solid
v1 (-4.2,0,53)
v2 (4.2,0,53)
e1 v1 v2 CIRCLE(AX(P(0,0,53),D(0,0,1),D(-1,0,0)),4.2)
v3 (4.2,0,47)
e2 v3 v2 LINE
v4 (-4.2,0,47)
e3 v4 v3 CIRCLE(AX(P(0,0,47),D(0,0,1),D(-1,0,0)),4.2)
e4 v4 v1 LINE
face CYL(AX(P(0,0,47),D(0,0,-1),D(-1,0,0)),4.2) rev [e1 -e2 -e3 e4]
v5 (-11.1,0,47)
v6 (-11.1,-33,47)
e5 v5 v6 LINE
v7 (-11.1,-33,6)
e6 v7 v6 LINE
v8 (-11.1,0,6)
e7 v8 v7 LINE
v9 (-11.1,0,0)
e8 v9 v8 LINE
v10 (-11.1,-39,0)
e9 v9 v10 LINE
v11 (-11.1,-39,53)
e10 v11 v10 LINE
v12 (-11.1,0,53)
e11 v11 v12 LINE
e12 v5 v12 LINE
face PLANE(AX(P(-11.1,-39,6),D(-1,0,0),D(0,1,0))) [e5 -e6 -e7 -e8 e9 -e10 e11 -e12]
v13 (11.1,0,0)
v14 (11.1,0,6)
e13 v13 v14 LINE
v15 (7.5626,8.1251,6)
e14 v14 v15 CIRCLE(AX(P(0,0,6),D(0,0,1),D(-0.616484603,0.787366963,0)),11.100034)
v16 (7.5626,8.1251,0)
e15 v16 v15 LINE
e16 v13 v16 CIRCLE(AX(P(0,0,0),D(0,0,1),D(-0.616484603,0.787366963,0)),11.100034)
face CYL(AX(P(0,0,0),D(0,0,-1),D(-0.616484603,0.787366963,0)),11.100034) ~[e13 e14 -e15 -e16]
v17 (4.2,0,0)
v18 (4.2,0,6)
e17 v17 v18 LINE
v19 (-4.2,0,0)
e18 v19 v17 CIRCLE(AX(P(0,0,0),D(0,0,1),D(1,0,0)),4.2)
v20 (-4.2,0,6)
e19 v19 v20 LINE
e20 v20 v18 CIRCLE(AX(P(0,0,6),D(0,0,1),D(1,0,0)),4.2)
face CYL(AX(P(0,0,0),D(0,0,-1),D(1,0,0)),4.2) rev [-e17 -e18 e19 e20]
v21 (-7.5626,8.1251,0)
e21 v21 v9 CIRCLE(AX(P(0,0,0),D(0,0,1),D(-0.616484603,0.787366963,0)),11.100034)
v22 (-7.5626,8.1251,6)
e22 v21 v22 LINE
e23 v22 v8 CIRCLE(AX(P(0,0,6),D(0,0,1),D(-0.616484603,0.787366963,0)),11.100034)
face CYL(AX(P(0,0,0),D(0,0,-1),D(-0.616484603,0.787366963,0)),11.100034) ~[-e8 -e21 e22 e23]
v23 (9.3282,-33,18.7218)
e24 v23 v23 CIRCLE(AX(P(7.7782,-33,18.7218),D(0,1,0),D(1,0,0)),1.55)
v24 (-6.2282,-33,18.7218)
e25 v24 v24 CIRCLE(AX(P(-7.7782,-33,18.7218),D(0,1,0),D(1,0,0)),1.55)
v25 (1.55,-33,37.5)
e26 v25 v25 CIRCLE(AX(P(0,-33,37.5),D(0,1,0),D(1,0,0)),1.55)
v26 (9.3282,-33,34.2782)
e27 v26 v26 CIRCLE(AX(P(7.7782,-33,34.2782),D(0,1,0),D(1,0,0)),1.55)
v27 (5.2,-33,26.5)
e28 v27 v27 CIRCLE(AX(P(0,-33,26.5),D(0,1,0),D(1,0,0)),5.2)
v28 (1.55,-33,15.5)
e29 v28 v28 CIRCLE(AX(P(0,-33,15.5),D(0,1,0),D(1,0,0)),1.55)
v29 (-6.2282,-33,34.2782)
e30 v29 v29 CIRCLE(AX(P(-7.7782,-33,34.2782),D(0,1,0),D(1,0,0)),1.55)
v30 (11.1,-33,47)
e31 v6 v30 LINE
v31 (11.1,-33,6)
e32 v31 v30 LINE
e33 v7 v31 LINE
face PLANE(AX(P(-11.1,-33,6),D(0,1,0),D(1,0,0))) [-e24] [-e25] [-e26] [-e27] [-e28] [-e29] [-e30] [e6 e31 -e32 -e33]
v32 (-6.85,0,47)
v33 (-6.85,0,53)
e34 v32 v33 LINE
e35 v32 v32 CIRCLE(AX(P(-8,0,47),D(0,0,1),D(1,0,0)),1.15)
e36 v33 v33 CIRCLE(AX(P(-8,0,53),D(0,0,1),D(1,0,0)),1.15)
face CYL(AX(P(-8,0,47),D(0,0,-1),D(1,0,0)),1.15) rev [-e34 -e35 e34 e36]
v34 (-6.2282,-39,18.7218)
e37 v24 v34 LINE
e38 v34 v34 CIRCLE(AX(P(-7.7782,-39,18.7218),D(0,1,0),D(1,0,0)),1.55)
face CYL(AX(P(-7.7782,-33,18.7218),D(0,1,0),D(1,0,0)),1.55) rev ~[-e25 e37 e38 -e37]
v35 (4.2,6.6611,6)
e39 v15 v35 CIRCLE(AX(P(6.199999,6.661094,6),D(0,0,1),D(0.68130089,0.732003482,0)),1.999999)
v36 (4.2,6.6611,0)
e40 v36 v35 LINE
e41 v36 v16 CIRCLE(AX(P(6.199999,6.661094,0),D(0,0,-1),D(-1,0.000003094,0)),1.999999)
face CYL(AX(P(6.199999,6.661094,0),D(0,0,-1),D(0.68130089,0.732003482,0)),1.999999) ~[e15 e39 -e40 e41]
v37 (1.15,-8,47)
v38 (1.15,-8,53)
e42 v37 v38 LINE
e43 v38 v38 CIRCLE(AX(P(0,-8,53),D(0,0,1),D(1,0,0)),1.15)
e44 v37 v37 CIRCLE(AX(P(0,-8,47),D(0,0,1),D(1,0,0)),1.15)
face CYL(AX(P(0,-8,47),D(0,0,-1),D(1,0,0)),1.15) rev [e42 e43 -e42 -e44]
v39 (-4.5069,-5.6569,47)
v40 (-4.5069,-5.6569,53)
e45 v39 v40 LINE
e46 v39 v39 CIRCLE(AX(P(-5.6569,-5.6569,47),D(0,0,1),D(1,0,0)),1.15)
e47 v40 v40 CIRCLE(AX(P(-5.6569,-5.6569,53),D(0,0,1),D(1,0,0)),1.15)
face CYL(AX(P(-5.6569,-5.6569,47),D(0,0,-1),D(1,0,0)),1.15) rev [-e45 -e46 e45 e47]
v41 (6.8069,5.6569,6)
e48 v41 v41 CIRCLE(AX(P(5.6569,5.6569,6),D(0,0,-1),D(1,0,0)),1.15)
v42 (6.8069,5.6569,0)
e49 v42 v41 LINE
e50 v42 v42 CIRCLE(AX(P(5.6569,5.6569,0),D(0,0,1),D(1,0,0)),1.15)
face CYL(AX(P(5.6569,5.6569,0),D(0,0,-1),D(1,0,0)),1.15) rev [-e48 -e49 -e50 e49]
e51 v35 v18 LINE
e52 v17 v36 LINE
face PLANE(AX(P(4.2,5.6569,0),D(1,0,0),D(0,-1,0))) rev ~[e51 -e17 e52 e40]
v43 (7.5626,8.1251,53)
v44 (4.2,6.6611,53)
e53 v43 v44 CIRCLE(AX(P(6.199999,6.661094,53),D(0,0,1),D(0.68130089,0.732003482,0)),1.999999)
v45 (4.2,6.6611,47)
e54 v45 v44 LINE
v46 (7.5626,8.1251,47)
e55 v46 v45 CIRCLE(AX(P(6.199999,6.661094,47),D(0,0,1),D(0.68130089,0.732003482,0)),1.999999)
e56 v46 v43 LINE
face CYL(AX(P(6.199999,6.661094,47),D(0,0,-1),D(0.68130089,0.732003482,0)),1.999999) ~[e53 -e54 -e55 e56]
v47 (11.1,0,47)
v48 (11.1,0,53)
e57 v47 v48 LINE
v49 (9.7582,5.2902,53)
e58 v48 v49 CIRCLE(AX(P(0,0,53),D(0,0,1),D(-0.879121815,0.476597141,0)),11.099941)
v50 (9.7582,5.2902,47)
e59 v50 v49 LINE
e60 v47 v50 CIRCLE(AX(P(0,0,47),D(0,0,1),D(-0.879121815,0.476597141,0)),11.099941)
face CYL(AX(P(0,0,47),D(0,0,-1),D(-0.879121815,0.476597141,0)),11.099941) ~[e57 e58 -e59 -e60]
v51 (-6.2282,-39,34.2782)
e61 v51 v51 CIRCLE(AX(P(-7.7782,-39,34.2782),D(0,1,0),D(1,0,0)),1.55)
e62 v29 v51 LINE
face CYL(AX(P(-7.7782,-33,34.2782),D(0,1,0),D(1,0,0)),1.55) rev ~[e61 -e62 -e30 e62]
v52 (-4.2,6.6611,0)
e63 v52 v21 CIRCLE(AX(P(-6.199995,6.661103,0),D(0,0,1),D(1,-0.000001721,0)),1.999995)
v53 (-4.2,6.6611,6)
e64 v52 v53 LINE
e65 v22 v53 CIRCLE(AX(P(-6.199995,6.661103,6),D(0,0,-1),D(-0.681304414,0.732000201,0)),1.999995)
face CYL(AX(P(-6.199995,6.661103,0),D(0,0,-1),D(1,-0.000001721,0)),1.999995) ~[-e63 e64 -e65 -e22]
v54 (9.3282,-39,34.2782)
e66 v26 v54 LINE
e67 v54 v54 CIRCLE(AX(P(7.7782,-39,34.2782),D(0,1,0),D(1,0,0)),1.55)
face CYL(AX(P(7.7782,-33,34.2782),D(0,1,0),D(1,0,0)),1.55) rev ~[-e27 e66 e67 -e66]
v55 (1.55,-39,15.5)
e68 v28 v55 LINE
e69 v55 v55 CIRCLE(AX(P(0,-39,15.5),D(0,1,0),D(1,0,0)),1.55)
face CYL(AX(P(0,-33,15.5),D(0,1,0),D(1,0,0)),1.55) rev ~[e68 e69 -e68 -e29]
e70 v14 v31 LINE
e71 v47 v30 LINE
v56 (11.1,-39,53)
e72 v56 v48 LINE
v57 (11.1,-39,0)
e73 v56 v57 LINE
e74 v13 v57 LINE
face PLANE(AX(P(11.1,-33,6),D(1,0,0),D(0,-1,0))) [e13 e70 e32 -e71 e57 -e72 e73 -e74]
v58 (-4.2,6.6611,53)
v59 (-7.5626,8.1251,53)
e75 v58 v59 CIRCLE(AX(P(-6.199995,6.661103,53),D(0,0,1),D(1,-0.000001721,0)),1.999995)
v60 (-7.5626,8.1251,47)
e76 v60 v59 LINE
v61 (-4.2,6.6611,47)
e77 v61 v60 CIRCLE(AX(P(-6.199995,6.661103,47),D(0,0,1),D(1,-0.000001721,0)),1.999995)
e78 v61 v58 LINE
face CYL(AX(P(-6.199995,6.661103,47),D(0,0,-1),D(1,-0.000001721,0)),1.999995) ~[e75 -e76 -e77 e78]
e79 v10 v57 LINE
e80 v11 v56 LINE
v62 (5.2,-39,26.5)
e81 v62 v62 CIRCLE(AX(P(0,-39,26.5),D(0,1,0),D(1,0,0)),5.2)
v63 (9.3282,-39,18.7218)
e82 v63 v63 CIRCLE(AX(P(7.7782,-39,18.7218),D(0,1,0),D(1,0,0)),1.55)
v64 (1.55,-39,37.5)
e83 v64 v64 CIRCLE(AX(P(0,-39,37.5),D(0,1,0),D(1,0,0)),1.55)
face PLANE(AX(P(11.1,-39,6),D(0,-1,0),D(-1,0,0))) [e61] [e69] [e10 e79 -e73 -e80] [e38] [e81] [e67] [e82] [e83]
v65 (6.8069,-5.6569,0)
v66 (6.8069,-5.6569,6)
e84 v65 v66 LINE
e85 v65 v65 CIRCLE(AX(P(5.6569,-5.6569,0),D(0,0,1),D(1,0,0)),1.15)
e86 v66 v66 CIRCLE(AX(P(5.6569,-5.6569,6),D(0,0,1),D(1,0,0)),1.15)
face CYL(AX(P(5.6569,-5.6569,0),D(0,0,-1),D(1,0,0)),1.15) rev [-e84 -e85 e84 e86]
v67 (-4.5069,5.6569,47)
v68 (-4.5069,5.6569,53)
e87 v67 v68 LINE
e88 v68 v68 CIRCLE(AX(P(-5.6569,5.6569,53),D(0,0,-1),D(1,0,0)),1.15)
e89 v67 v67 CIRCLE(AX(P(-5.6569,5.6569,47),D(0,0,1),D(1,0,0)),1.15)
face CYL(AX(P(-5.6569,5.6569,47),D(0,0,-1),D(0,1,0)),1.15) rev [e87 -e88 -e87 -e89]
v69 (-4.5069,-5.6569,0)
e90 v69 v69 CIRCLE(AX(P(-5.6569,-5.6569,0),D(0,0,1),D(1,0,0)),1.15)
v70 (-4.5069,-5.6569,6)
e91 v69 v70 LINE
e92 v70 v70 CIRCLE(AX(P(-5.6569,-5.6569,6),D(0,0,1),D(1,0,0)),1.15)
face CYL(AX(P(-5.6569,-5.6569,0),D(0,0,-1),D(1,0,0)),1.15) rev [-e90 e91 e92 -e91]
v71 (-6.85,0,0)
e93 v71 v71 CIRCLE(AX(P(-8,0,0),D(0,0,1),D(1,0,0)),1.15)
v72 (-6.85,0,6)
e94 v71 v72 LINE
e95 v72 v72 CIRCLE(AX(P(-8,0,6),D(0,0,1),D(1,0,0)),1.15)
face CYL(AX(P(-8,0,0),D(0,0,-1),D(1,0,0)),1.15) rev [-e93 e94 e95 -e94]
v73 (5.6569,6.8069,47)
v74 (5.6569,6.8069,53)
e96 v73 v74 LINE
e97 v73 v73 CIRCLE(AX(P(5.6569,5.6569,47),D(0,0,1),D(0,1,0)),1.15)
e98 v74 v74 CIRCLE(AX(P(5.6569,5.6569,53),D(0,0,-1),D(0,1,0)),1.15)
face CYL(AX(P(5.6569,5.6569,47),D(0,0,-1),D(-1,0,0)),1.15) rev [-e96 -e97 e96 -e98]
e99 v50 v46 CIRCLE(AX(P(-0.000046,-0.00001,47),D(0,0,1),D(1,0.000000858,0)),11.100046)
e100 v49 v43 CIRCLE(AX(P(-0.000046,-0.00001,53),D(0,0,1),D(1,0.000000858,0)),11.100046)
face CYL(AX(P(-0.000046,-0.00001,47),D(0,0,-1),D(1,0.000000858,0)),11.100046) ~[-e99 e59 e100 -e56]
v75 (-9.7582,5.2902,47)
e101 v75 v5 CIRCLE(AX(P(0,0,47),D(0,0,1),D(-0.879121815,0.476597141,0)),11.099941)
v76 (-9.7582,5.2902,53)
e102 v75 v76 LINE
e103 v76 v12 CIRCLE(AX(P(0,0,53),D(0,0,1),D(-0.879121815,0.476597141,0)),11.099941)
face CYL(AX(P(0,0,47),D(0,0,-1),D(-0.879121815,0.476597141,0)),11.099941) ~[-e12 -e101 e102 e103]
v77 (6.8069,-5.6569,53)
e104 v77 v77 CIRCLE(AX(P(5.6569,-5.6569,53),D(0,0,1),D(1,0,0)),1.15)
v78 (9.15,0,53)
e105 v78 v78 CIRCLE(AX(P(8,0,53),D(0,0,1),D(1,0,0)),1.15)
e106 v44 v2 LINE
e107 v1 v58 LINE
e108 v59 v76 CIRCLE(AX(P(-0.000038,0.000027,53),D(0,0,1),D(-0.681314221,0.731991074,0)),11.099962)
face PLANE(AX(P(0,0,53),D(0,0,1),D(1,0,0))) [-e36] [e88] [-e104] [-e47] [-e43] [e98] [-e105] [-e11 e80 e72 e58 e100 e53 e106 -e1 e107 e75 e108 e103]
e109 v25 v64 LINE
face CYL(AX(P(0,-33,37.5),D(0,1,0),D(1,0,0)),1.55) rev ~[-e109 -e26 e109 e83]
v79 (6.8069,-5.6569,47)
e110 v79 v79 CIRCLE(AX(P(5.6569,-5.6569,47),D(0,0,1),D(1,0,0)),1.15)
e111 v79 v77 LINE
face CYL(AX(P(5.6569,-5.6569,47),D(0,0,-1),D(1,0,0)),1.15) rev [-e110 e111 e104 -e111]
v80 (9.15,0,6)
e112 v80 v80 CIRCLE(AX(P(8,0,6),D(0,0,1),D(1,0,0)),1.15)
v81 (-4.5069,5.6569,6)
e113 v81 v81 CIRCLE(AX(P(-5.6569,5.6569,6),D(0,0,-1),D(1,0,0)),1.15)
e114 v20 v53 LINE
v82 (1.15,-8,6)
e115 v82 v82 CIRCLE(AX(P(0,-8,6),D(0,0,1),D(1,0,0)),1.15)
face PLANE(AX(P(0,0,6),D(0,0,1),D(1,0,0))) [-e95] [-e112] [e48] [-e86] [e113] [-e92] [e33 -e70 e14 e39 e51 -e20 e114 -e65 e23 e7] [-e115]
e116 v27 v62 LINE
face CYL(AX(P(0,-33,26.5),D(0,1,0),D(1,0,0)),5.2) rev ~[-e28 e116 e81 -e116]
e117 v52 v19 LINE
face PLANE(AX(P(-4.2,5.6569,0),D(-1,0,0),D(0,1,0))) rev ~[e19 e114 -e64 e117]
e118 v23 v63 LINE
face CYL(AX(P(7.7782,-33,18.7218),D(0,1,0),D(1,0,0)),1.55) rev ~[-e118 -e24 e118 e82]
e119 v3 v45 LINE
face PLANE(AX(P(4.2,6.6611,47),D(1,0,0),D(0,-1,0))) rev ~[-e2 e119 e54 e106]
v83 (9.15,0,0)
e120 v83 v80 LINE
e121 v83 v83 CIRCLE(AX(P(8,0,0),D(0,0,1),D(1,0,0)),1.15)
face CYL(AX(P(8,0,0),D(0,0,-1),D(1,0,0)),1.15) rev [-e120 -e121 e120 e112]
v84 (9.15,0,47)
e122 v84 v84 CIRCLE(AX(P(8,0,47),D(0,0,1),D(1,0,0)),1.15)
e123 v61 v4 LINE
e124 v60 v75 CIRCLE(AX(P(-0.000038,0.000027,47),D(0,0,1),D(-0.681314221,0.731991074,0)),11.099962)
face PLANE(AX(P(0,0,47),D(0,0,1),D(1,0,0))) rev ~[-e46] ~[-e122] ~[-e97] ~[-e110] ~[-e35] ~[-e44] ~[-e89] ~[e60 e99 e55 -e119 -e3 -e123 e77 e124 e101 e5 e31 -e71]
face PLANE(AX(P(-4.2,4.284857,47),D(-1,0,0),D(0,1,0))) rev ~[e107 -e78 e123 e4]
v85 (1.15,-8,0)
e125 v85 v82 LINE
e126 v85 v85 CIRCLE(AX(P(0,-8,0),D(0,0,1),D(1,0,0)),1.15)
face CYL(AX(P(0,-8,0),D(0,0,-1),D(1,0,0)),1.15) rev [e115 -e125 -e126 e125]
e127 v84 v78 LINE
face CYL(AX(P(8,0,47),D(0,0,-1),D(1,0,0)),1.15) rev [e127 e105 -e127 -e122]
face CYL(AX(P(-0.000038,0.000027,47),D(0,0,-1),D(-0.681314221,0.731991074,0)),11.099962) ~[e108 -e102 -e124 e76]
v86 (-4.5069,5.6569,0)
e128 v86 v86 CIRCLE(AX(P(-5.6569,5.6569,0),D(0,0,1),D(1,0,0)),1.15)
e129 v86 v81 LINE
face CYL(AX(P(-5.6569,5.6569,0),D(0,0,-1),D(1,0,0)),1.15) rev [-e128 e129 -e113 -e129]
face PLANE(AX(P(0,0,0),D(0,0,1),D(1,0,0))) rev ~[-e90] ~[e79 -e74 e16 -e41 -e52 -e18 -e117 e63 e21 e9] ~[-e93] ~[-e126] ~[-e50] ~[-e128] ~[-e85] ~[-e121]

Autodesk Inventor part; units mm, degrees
ref_plane "YZ Plane" through (0, 0, 0) normal (1, 0, 0) x (0, 1, 0)
ref_plane "XZ Plane" through (0, 0, 0) normal (0, 1, 0) x (-1, 0, 0)
ref_plane "XY Plane" through (0, 0, 0) normal (0, 0, 1) x (1, 0, 0)
sketch "스케치1" plane through (0, 0, 0) normal (0, 0, 1) x (1, 0, 0)
  arc A0 (-6.843, 8.7398) -> (6.843, 8.7398) centre (0, 0) ccw
  circle A1 centre (0, -8) radius 1.05 projected
  circle A2 centre (-5.6569, -5.6569) radius 1.05 projected
  circle A3 centre (-8, 0) radius 1.05 projected
  circle A4 centre (-5.6569, 5.6569) radius 1.05 projected
  circle A5 centre (0, 8) radius 1.05 projected
  circle A6 centre (5.6569, 5.6569) radius 1.05 projected
  circle A7 centre (8, 0) radius 1.05 projected
  circle A8 centre (5.6569, -5.6569) radius 1.05 projected
  line L0 (-5.6569, 5.6569) -> (5.6569, 5.6569)
  line L1 (5.6569, 5.6569) -> (5.6569, 13.3625)
  line L2 (5.6569, 13.3625) -> (-5.6569, 13.3625)
  line L3 (-5.6569, 13.3625) -> (-5.6569, 5.6569)
  line L4 (-3.61, 0) -> (3.61, 0)
  line L5 (3.61, 13.6832) -> (-3.61, 13.6832)
  line L6 (11.1, 0) -> (11.1, -39)
  line L7 (-11.1, 0) -> (-11.1, -39)
  line L8 (-11.1, -39) -> (11.1, -39)
  circle A9 centre (8, 0) radius 1.15
  circle A10 centre (5.6569, -5.6569) radius 1.15
  circle A11 centre (5.6569, 5.6569) radius 1.15
  circle A12 centre (0, 8) radius 1.15
  circle A13 centre (0, -8) radius 1.15
  circle A14 centre (-5.6569, 5.6569) radius 1.15
  circle A15 centre (-8, 0) radius 1.15
  circle A16 centre (-5.6569, -5.6569) radius 1.15
  circle A17 centre (0, 0) radius 4.2
  arc A18 (-7.5626, 8.1251) -> (7.5626, 8.1251) centre (0, 0) ccw
  line L9 (4.2, 0) -> (-4.2, 0)
  line L10 (-4.2, 0) -> (-4.2, 6.6611)
  line L11 (-4.2, 14) -> (4.2, 14)
  line L12 (4.2, 6.6611) -> (4.2, 0)
  arc A19 (7.5626, 8.1251) -> (4.2, 6.6611) centre (6.2, 6.6611) ccw
  arc A20 (-4.2, 6.6611) -> (-7.5626, 8.1251) centre (-6.2, 6.6611) ccw
  point P0 (0, 0)
  point P1 (3.61, 10.4966)
  point P2 (-3.61, 10.4966)
  point P3 (5.6569, 6.7069)
  point P4 (4.6069, 5.6569)
  point P5 (-4.6069, 5.6569)
  point P6 (-5.6569, 6.7069)
  point P7 (-4.5069, 5.6569)
  point P8 (-5.6569, 6.8069)
  point P9 (5.6569, 6.8069)
  point P10 (4.5069, 5.6569)
  point P11 (4.2, 10.2747)
  point P12 (-4.2, 10.2747)
  point P13 (-7.5626, 8.1251)
  point P14 (7.5626, 8.1251)
  dimension "d0" = 22.2
  dimension "d5" = 0.1
  dimension "d6" = 0.1
  dimension "d7" = 0.1
  dimension "d8" = 0.1
  dimension "d9" = 0.1
  dimension "d10" = 0.1
  dimension "d11" = 0.1
  dimension "d12" = 0.1
  dimension "d23" = 2
extrude "돌출1" add sketch "스케치1" along normal blind 6 contours A20 L3 A14 L0 L10 A17 L12 A11 L1 A19 A0 | A0 L6 L8 L7 | A20 L10 L0 A14 L3 | L1 A11 L0 L12 A19
sketch "스케치2" plane through (0, 0, 6) normal (0, 0, 1) x (1, 0, 0)
  line L0 (11.1, -33) -> (11.1, -39) projected
  line L1 (11.1, -39) -> (-11.1, -39) projected
  line L2 (-11.1, -39) -> (-11.1, -33) projected
  line L3 (-11.1, -33) -> (11.1, -33) projected
  point P0 (0, 0)
extrude "돌출2" add sketch "스케치2" along normal blind 41
sketch "스케치3" plane through (0, 0, 47) normal (0, 0, 1) x (1, 0, 0)
  line L0 (-11.1, -33) -> (11.1, -33) projected
  arc A0 (-11.1, 0) -> (11.1, 0) centre (0, 0) ccw projected
  line L1 (-11.1, 0) -> (-11.1, -33) projected
  arc A1 (4.5069, 5.6569) -> (5.6569, 6.8069) centre (5.6569, 5.6569) ccw projected
  circle A2 centre (8, 0) radius 1.15 projected
  circle A3 centre (5.6569, -5.6569) radius 1.15 projected
  circle A4 centre (0, -8) radius 1.15 projected
  circle A5 centre (-8, 0) radius 1.15 projected
  circle A6 centre (-5.6569, -5.6569) radius 1.15 projected
  arc A7 (-5.6569, 6.8069) -> (-4.5069, 5.6569) centre (-5.6569, 5.6569) ccw projected
  line L2 (11.1, -39) -> (11.1, -33) projected
  line L3 (-11.1, -33) -> (-11.1, -39) projected
  line L4 (11.1, -33) -> (-11.1, -33)
  line L5 (-11.1, -33) -> (-11.1, -39)
  line L6 (-11.1, -39) -> (11.1, -39)
  line L7 (11.1, -39) -> (11.1, -33)
  circle A8 centre (0, 0) radius 6
  arc A9 (-9.7582, 5.2902) -> (9.7582, 5.2902) centre (0, 0) ccw
  line L8 (6, 0) -> (-6, 0)
  line L9 (-6, 0) -> (-6, 4.337)
  line L10 (-6, 12) -> (6, 12)
  line L11 (6, 4.337) -> (6, 0)
  arc A10 (9.7582, 5.2902) -> (6, 4.337) centre (8, 4.337) ccw
  arc A11 (-6, 4.337) -> (-9.7582, 5.2902) centre (-8, 4.337) ccw
  line L12 (-11.1, -33) -> (11.1, -33) projected
  line L13 (11.1, -33) -> (11.1, 0) projected
  arc A12 (11.1, 0) -> (7.5626, 8.1251) centre (0, 0) ccw projected
  line L14 (-11.1, 0) -> (-11.1, -33) projected
  circle A13 centre (5.6569, 5.6569) radius 1.15 projected
  circle A14 centre (-5.6569, 5.6569) radius 1.15 projected
  arc A15 (7.5626, 8.1251) -> (4.2, 6.6611) centre (6.2, 6.6611) ccw projected
  line L15 (4.2, 6.6611) -> (4.2, 0) projected
  arc A16 (-4.2, 0) -> (4.2, 0) centre (0, 0) ccw projected
  line L16 (-4.2, 0) -> (-4.2, 6.6611) projected
  arc A17 (-4.2, 6.6611) -> (-7.5626, 8.1251) centre (-6.2, 6.6611) ccw projected
  arc A18 (-7.5626, 8.1251) -> (-11.1, 0) centre (0, 0) ccw projected
  point P0 (-6.843, 8.7398)
  point P1 (6, 9.3386)
  point P2 (-6, 9.3386)
  point P3 (6.7765, 5.9192)
  point P4 (6.0128, 4.5633)
  point P5 (-6.0128, 4.5633)
  point P6 (-6.7765, 5.9192)
  point P7 (-9.7582, 5.2902)
  point P8 (5.6569, 6.8069)
  point P9 (9.7582, 5.2902)
  point P10 (-9.7582, 5.2902)
  dimension "d21" = 2
extrude "돌출3" add sketch "스케치3" along normal blind 6 contours L1 A0 L13 L0 | L0 L2 L6 L3 | A9 A11 A7 L9 A8 L11 A10 A1 A0 | A18 A17 L16 A8 L9 A11 A7 A14 | A10 A1 A13 L11 A8 L15 A15 A12 | L16 L8 A8 | A8 L8 L15 | L8 A16 A8
sketch "스케치4" plane through (-11.1, -33, 6) normal (0, 1, 0) x (1, 0, 0)
  circle A0 centre (3.3218, -12.7218) radius 1.55 projected
  circle A1 centre (3.3218, -28.2782) radius 1.55 projected
  circle A2 centre (18.8782, -28.2782) radius 1.55 projected
  circle A3 centre (18.8782, -12.7218) radius 1.55 projected
  circle A4 centre (11.1, -20.5) radius 13.9 projected
  circle A5 centre (22.1, -20.5) radius 1.55 projected
  circle A6 centre (11.1, -31.5) radius 1.55 projected
  circle A7 centre (0.1, -20.5) radius 1.55 projected
  circle A8 centre (11.1, -9.5) radius 1.55 projected
  circle A9 centre (11.1, -20.5) radius 5.2
  circle A10 centre (11.1, -20.5) radius 1.5 projected
  circle A11 centre (11.1, -20.5) radius 13.9 projected
  point P0 (11.1, 6)
extrude "돌출4" cut sketch "스케치4" against normal up to next contours A0 | A1 | A2 | A3 | A6 | A8 | A9 | A10
properties part number "arm_connect_3"
